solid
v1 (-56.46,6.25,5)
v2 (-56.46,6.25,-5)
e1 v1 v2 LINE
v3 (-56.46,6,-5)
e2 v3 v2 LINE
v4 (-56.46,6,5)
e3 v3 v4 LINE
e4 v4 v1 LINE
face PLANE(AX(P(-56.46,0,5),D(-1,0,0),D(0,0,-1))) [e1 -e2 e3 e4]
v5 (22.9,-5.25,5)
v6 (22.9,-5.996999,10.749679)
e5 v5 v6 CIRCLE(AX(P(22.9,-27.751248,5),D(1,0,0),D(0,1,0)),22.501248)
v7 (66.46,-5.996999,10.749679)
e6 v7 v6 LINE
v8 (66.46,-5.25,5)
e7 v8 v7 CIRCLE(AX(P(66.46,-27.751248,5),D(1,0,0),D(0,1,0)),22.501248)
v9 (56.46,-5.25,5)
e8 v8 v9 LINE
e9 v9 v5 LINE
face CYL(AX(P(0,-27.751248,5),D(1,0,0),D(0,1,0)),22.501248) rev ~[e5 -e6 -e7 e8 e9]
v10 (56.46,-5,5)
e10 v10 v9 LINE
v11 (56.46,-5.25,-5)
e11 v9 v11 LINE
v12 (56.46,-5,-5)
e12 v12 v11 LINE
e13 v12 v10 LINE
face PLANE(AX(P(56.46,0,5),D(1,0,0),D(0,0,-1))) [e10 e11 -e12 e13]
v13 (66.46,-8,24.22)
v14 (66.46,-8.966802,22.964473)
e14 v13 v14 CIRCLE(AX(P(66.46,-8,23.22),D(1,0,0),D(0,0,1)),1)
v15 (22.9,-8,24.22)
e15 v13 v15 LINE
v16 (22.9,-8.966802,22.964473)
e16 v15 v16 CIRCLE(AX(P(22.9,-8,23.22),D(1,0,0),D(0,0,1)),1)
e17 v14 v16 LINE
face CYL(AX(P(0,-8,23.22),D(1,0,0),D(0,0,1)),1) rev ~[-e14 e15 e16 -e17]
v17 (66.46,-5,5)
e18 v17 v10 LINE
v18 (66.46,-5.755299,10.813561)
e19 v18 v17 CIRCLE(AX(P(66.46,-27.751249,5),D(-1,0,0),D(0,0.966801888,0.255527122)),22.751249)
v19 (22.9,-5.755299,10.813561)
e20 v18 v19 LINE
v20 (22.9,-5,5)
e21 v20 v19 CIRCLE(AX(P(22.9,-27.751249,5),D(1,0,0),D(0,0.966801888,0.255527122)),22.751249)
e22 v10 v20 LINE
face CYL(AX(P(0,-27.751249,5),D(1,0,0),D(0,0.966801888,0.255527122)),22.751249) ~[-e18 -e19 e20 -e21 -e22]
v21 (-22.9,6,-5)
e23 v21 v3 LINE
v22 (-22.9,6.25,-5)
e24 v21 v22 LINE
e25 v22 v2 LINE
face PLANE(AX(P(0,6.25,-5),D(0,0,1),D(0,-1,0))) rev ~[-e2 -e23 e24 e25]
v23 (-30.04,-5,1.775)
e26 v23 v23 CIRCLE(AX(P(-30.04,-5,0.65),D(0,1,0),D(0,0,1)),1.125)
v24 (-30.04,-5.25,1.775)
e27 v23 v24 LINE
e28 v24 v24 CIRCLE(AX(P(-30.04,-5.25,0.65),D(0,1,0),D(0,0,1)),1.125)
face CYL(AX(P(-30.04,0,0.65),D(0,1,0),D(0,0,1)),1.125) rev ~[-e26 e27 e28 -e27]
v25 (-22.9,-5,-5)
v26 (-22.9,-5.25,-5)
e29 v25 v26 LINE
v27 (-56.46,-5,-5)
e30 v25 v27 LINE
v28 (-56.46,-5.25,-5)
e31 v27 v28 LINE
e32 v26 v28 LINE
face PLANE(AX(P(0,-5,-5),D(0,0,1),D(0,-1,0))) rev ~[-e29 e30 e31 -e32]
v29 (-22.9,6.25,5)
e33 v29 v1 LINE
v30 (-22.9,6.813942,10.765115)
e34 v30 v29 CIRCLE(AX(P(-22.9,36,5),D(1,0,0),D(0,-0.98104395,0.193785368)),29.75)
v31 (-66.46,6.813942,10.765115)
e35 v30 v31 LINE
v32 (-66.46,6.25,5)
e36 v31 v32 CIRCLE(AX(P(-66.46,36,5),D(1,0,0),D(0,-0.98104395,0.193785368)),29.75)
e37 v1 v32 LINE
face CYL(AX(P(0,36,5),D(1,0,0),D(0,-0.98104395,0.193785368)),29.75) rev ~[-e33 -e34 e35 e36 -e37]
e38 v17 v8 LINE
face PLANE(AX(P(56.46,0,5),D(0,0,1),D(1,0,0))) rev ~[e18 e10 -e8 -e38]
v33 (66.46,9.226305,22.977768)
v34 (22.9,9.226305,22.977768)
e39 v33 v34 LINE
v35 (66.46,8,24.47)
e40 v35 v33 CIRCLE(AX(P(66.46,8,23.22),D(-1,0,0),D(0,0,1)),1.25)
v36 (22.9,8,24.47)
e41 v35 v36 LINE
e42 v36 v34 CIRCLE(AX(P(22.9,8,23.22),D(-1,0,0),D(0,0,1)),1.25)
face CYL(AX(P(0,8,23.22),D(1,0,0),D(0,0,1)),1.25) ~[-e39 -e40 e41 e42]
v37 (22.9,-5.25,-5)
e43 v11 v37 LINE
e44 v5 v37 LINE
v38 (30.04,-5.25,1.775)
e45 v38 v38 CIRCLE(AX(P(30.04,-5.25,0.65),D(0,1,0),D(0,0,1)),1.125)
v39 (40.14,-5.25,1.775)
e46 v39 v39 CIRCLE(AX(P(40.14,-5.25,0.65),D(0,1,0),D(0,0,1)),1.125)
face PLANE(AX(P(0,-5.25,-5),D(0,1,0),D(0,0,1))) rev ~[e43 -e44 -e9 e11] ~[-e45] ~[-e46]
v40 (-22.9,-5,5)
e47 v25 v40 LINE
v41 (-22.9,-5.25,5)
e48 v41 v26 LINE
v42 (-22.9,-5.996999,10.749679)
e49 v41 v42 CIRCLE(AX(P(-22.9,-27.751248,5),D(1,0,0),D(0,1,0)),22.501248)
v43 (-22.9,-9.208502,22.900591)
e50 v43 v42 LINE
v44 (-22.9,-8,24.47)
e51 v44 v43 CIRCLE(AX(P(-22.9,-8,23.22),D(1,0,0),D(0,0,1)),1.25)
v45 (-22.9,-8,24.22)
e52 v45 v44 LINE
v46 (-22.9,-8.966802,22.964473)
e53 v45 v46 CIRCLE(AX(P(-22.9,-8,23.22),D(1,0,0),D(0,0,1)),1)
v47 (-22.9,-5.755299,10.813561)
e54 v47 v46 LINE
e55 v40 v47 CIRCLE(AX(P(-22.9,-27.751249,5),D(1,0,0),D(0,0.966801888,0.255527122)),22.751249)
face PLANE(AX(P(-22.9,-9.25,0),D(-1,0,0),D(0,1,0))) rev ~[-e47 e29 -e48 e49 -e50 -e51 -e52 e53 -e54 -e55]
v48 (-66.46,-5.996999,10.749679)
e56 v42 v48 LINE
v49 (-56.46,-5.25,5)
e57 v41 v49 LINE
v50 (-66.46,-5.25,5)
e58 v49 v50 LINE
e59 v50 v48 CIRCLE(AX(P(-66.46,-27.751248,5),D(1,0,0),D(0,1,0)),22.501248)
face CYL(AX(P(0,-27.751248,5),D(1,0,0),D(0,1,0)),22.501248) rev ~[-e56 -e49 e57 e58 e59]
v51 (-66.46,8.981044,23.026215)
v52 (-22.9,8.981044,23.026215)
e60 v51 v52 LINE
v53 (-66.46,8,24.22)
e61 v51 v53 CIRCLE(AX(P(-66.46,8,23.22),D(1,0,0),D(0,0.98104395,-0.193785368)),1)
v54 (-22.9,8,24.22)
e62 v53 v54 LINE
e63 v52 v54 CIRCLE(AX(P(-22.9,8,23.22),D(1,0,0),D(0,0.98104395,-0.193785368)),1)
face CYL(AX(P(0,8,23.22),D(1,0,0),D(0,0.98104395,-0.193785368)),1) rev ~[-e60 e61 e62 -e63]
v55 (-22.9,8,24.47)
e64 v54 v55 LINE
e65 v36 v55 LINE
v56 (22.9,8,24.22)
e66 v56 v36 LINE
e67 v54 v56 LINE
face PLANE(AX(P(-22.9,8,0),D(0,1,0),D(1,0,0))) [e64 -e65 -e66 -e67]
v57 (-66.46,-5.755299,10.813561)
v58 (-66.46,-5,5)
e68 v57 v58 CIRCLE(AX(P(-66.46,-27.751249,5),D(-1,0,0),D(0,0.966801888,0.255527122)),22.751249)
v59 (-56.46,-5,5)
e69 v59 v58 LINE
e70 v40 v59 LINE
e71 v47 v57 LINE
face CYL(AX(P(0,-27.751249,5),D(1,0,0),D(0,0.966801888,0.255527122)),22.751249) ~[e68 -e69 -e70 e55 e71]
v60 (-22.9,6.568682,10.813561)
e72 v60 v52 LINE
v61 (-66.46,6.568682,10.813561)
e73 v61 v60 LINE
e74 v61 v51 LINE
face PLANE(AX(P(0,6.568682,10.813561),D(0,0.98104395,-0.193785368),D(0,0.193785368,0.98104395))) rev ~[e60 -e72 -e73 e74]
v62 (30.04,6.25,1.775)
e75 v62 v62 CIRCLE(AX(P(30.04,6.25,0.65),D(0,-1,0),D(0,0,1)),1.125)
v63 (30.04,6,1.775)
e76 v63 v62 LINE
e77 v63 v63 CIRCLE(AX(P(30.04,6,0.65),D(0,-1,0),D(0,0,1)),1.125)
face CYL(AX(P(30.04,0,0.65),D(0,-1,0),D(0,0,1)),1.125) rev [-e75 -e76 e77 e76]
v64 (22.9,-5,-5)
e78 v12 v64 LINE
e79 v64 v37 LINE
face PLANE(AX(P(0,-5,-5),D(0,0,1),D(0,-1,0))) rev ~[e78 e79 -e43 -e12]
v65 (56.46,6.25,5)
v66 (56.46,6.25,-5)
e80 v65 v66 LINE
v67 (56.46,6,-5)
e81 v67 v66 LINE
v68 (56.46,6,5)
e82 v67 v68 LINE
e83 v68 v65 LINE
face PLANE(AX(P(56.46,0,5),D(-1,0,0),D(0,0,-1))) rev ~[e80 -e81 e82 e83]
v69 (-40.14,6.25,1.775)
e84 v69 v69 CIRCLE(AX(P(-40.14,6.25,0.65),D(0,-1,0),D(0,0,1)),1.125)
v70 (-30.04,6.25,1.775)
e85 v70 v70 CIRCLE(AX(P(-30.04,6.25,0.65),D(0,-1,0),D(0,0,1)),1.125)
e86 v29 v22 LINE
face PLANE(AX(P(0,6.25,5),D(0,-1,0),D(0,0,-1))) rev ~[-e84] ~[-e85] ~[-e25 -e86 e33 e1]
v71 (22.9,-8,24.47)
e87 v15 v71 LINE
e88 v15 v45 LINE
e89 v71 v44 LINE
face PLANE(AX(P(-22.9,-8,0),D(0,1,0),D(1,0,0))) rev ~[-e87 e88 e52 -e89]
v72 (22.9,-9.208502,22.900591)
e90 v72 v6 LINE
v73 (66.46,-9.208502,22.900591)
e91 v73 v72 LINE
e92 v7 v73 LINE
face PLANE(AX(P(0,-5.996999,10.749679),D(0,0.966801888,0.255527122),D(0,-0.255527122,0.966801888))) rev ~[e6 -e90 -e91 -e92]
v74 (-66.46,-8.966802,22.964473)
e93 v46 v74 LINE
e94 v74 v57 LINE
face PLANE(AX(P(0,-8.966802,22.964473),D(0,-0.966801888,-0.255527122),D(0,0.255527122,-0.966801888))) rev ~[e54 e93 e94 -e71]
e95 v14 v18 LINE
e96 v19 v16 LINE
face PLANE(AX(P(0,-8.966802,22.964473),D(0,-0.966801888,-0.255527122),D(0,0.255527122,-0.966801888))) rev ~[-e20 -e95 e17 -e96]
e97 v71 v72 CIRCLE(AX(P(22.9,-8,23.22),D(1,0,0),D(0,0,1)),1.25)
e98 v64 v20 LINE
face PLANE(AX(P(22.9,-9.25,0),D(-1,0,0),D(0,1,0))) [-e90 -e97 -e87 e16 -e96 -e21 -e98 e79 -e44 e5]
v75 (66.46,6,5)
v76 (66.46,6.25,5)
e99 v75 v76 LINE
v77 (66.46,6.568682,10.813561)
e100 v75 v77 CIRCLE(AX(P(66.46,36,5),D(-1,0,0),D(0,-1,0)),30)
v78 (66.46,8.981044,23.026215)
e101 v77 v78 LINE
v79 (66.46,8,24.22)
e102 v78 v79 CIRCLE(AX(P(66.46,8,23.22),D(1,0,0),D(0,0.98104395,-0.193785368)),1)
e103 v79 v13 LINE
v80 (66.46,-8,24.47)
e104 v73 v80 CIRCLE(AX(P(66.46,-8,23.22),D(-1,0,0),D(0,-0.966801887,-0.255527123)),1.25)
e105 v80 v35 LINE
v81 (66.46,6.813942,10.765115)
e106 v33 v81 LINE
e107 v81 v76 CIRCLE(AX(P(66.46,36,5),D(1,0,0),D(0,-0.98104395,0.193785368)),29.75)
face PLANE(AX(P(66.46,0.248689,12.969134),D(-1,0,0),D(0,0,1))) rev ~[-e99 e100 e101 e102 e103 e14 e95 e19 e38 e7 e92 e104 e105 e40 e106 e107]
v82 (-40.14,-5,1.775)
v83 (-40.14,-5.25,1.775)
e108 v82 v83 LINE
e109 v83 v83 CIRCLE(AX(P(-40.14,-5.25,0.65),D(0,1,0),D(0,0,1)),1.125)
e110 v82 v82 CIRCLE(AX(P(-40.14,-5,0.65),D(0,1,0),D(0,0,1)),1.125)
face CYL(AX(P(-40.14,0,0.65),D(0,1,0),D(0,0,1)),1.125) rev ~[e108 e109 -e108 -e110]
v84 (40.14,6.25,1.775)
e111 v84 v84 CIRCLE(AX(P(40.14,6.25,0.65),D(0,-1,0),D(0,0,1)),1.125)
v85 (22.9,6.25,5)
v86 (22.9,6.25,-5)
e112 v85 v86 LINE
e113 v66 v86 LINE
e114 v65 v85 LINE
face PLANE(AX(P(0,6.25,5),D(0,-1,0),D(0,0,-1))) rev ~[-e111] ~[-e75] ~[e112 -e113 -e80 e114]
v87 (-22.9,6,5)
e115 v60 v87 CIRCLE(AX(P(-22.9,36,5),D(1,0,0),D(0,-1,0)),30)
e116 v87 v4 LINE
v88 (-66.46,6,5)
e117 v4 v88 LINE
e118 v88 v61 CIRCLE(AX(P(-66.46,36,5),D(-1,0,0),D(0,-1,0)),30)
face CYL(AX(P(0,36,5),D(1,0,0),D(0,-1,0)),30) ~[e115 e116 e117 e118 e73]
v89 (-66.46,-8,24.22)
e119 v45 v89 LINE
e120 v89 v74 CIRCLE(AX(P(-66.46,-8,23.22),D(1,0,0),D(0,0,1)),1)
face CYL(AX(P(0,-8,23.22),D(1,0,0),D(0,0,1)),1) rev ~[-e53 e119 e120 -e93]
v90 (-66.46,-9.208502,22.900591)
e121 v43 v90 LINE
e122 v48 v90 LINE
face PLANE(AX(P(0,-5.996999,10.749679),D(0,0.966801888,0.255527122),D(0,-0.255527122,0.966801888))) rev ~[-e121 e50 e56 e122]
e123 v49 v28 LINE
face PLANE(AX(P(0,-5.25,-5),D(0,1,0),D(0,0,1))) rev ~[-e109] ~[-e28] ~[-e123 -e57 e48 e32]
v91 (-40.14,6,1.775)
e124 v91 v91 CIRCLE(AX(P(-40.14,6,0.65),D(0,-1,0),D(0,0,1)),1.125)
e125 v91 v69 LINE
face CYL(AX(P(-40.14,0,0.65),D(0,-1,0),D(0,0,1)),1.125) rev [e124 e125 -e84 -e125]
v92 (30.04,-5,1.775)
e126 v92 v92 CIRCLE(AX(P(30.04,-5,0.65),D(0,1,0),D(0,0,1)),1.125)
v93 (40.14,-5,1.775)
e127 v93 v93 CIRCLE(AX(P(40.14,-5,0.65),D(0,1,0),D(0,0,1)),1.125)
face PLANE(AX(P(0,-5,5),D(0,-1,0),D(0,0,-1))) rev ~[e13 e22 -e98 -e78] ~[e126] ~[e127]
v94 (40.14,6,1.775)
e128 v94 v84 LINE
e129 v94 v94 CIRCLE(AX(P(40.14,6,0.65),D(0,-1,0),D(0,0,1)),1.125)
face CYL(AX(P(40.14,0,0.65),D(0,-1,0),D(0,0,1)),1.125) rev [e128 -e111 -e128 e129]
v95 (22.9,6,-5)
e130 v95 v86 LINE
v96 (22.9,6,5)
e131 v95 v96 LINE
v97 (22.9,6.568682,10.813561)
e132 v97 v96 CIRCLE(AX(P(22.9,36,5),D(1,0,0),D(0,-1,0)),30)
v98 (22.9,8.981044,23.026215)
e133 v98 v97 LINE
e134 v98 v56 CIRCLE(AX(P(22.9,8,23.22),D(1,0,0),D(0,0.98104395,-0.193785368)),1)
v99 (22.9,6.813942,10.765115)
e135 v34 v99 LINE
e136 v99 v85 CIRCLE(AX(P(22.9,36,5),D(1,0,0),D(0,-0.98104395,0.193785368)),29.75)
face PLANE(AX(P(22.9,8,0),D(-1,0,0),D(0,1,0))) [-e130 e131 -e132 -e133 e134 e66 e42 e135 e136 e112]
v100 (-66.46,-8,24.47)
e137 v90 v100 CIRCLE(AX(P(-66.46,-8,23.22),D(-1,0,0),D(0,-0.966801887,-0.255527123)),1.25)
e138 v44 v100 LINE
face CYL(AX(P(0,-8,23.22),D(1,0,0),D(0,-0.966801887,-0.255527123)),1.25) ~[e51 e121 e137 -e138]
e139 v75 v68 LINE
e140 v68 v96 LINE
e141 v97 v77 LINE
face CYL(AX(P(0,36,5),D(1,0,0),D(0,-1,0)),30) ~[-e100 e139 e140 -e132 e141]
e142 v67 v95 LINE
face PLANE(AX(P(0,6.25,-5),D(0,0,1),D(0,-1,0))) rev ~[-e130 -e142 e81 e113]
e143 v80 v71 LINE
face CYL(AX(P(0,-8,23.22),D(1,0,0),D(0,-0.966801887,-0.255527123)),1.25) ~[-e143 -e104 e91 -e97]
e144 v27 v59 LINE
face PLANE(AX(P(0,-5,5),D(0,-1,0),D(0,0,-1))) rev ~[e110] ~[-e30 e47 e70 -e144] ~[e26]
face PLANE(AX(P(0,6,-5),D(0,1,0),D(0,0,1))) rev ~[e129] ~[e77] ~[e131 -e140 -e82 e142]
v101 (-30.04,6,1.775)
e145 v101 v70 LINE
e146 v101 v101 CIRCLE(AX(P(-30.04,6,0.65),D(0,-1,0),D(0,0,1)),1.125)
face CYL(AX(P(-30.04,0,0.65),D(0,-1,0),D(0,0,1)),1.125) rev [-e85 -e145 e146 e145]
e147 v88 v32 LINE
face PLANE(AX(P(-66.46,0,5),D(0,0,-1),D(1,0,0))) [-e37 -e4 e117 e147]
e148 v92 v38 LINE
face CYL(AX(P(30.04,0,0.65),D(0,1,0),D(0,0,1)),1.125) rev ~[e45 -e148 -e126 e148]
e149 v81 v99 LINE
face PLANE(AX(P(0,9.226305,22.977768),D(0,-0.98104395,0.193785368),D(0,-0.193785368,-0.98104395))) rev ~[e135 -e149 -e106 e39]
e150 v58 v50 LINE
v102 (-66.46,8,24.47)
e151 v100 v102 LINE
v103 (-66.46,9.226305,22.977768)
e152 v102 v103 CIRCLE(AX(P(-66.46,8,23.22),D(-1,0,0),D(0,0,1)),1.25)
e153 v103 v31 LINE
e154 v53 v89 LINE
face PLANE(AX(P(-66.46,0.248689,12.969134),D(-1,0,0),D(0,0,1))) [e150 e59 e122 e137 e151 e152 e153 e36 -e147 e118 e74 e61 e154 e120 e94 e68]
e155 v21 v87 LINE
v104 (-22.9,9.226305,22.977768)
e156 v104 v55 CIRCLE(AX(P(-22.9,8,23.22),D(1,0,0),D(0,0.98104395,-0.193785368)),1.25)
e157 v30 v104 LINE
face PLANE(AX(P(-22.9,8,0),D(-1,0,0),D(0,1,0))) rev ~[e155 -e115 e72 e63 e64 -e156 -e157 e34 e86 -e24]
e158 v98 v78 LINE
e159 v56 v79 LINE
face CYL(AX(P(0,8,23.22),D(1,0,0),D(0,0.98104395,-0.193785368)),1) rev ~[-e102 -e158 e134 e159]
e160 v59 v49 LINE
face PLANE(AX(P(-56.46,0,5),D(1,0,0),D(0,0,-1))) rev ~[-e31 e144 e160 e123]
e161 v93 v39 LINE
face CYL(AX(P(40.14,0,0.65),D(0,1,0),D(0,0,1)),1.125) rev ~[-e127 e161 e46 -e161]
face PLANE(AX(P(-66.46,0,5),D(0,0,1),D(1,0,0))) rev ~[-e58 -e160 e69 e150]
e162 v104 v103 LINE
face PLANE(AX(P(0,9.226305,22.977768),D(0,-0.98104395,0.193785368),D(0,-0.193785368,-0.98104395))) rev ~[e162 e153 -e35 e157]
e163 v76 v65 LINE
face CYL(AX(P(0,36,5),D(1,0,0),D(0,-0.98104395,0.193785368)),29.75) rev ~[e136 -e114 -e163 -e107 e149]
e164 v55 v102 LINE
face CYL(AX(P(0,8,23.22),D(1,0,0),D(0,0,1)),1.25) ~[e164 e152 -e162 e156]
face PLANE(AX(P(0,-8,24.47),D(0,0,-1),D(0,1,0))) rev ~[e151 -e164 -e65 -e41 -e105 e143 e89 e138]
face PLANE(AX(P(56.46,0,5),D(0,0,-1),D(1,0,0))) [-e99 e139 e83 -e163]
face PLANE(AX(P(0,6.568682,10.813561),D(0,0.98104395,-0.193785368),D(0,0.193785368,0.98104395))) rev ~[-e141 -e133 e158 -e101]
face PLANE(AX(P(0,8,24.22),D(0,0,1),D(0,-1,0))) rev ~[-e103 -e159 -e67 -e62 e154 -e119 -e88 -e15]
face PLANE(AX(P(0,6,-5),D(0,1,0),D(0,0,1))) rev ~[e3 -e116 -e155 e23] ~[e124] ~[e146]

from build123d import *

# Parameters (mm, degrees)
EXTRUDE1_DEPTH          = 66.46
SKETCH2_W               = 45.8
SKETCH2_H               = 1.25
CUT_EXTRUDE1_DEPTH      = 25.47
SKETCH3_W               = 45.8
SKETCH3_H               = 29.22
CUT_EXTRUDE2_DEPTH      = 10.25
CUT_EXTRUDE2_DEPTH_BACK = 10.25
SKETCH4_R               = 1.125
SKETCH4_W               = 10
SKETCH4_H               = 10
CUT_EXTRUDE3_DEPTH      = 10.25
CUT_EXTRUDE3_DEPTH_BACK = 10.25


with BuildPart() as part:
    # Sketch1 → Extrude1 (new body, symmetric)
    with BuildSketch(Plane(origin=(0, 0, 0), x_dir=(0, 0, -1), z_dir=(1, 0, 0))):
        with BuildLine():
            Line((-24.22, 8), (-24.22, -8))
            ThreePointArc((-24.22, -8), (-23.830111825, -8.792315317), (-22.964472878, -8.966801888))
            Line((-22.964472878, -8.966801888), (-10.813561051, -5.755298505))
            ThreePointArc((-10.813561051, -5.755298505), (-7.931209986, -5.189614776), (-5, -5))
            Line((-5, -5), (5, -5))
            Line((5, -5), (5, -5.25))
            Line((5, -5.25), (-5, -5.25))
            ThreePointArc((-5, -5.25), (-7.899000655, -5.437531211), (-10.749679271, -5.996998977))
            Line((-10.749679271, -5.996998977), (-22.900591097, -9.208502359))
            ThreePointArc((-22.900591097, -9.208502359), (-23.982639781, -8.990394146), (-24.47, -8))
            Line((-24.47, -8), (-24.47, 8))
            ThreePointArc((-24.47, 8), (-24.013634161, 8.965735377), (-22.97776829, 9.226304937))
            Line((-22.97776829, 9.226304937), (-10.765114709, 6.8139425))
            ThreePointArc((-10.765114709, 6.8139425), (-7.896315709, 6.391321284), (-5, 6.25))
            Line((-5, 6.25), (5, 6.25))
            Line((5, 6.25), (5, 6))
            Line((5, 6), (-5, 6))
            ThreePointArc((-5, 6), (-7.920654497, 6.142508858), (-10.813561051, 6.568681513))
            Line((-10.813561051, 6.568681513), (-23.026214632, 8.98104395))
            ThreePointArc((-23.026214632, 8.98104395), (-23.854907329, 8.772588302), (-24.22, 8))
        make_face()
    extrude(amount=EXTRUDE1_DEPTH, both=True)

    # Sketch2 → Cut-Extrude1 (cut, through all)
    with BuildSketch(Plane.XY):
        with Locations((0, 8.625)):
            Rectangle(SKETCH2_W, SKETCH2_H)
        with Locations((0, -8.625)):
            Rectangle(SKETCH2_W, SKETCH2_H)
    extrude(amount=CUT_EXTRUDE1_DEPTH, mode=Mode.SUBTRACT)

    # Sketch3 → Cut-Extrude2 (cut, two sides)
    with BuildSketch(Plane(origin=(0, 0, 0), x_dir=(1, 0, 0), z_dir=(0, 1, 0))) as cut_extrude2_sk:
        with Locations((0, -9.61)):
            Rectangle(SKETCH3_W, SKETCH3_H)
    extrude(amount=CUT_EXTRUDE2_DEPTH, mode=Mode.SUBTRACT)
    extrude(cut_extrude2_sk.sketch, amount=-CUT_EXTRUDE2_DEPTH_BACK, mode=Mode.SUBTRACT)

    # Sketch4 → Cut-Extrude3 (cut, two sides)
    with BuildSketch(Plane(origin=(0, 0, 0), x_dir=(1, 0, 0), z_dir=(0, 1, 0))) as cut_extrude3_sk:
        with Locations(Location((-40.14, -0.65, 0), (0, 0, 270))):  # turned: the seam where the file's is
            Circle(SKETCH4_R)
        with Locations(Location((-30.04, -0.65, 0), (0, 0, 270))):  # turned: the seam where the file's is
            Circle(SKETCH4_R)
        with Locations(Location((30.04, -0.65, 0), (0, 0, 270))):  # turned: the seam where the file's is
            Circle(SKETCH4_R)
        with Locations(Location((40.14, -0.65, 0), (0, 0, 270))):  # turned: the seam where the file's is
            Circle(SKETCH4_R)
        with Locations((-61.46, 0)):
            Rectangle(SKETCH4_W, SKETCH4_H)
        with Locations((61.46, 0)):
            Rectangle(SKETCH4_W, SKETCH4_H)
    extrude(amount=CUT_EXTRUDE3_DEPTH, mode=Mode.SUBTRACT)
    extrude(cut_extrude3_sk.sketch, amount=-CUT_EXTRUDE3_DEPTH_BACK, mode=Mode.SUBTRACT)


solid = part.part
